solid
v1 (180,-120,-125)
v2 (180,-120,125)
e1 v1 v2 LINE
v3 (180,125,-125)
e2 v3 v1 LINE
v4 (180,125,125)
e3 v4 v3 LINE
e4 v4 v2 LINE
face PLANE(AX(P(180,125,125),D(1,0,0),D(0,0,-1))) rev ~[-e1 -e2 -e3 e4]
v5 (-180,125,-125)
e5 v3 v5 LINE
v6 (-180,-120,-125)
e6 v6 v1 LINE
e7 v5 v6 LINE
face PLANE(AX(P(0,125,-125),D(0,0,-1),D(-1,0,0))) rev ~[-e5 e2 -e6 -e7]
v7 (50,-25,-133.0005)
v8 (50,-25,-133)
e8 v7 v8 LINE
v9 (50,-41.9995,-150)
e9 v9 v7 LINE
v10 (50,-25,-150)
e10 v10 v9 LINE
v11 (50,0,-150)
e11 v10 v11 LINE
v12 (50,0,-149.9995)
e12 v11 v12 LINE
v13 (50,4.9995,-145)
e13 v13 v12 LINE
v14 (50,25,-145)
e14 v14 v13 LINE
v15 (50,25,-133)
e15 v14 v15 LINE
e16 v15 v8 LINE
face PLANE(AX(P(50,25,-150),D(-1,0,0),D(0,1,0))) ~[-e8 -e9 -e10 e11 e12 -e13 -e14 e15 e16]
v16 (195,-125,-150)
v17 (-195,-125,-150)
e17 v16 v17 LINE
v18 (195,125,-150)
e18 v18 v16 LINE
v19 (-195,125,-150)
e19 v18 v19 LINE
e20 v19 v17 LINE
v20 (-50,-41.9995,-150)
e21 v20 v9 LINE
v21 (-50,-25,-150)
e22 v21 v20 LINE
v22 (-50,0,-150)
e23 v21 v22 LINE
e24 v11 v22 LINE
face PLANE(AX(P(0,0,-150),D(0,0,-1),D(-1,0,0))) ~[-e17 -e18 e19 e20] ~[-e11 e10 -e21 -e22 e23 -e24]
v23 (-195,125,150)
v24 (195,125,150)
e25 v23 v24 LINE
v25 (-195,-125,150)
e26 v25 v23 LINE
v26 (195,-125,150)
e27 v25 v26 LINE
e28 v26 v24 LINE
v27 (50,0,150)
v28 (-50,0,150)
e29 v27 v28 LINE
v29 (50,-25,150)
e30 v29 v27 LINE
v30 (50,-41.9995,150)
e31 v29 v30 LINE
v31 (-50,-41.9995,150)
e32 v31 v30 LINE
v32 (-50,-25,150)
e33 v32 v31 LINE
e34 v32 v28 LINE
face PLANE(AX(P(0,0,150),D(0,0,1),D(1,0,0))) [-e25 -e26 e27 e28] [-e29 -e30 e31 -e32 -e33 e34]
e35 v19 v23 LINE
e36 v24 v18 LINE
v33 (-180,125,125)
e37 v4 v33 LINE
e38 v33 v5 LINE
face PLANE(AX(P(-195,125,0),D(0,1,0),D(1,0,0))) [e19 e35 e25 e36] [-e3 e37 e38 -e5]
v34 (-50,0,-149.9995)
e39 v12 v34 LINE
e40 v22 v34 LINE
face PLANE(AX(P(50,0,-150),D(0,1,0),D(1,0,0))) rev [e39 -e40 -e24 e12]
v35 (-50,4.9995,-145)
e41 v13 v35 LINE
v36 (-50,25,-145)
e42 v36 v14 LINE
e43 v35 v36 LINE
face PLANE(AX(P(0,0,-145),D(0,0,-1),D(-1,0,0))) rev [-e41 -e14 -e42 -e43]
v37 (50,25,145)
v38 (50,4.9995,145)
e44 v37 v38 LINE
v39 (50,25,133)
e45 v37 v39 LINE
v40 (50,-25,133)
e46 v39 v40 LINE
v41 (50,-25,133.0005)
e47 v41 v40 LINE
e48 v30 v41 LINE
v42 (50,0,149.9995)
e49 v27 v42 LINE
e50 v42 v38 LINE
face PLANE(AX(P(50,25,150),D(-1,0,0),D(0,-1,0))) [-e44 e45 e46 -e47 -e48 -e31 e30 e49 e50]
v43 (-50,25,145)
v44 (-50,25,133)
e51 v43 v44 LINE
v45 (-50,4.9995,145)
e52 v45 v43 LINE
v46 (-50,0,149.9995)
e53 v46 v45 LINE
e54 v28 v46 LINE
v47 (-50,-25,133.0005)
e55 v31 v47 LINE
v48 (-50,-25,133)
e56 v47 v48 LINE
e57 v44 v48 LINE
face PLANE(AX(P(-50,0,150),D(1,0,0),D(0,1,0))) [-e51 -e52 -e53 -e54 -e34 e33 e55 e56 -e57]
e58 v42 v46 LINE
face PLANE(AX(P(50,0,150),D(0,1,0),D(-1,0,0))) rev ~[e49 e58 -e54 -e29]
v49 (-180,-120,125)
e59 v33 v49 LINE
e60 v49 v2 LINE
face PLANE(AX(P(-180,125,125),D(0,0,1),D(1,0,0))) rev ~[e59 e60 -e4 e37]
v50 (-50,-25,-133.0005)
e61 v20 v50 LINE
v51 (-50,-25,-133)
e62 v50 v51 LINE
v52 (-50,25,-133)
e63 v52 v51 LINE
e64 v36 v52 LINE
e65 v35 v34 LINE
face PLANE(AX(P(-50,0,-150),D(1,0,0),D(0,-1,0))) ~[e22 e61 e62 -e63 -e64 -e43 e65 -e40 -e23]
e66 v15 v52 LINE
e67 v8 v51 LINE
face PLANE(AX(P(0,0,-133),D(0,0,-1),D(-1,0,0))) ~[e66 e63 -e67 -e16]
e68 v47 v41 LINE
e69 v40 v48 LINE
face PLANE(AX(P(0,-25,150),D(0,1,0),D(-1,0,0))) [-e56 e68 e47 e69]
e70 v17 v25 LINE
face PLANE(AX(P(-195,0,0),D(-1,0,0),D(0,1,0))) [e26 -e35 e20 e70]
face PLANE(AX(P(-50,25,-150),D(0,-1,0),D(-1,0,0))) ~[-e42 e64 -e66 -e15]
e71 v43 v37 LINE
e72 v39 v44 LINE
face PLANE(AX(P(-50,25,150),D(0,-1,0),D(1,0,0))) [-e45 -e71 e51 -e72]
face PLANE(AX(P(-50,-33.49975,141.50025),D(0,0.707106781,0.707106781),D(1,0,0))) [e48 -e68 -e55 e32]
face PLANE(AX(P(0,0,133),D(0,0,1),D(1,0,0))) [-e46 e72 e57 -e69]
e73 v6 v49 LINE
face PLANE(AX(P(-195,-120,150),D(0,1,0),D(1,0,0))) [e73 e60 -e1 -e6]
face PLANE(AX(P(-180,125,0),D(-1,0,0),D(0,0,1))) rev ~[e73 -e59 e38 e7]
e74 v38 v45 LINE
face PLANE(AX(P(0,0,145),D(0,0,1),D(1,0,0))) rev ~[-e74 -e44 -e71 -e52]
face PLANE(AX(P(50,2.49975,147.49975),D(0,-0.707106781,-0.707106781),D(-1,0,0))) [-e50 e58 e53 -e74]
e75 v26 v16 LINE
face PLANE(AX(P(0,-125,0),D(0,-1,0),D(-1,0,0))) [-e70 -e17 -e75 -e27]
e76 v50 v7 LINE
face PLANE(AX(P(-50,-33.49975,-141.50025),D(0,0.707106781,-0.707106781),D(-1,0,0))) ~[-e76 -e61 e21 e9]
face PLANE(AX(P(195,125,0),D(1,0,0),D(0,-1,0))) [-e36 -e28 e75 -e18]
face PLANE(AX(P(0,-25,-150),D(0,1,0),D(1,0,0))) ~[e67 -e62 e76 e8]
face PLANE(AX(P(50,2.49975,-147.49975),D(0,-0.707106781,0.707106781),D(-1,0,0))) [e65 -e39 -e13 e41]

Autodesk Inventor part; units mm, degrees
ref_plane "YZ Plane" through (0, 0, 0) normal (1, 0, 0) x (0, 1, 0)
ref_plane "XZ Plane" through (0, 0, 0) normal (0, 1, 0) x (-1, 0, 0)
ref_plane "XY Plane" through (0, 0, 0) normal (0, 0, 1) x (1, 0, 0)
sketch "草图1" plane through (0, 0, 0) normal (0, 0, 1) x (1, 0, 0)
  line L0 (-195, 125) -> (195, 125)
  line L1 (195, 125) -> (195, -125)
  line L2 (195, -125) -> (-195, -125)
  line L3 (-195, -125) -> (-195, 125)
  line L4 (0, -175) -> (0, 175) projected
  line L5 (-273, 0) -> (273, 0) projected
  point P0 (0, 0)
  dimension "d0" = 250
  dimension "d1" = 390
extrude "拉伸1" add sketch "草图1" along normal mid plane 300
sketch "草图2" plane through (-195, 125, 150) normal (0, 1, 0) x (1, 0, 0)
  line L0 (15, 25) -> (375, 25)
  line L1 (375, 25) -> (375, 275)
  line L2 (375, 275) -> (15, 275)
  line L3 (15, 275) -> (15, 25)
  line L4 (-78, 150) -> (468, 150) projected
  line L5 (195, 360) -> (195, -60) projected
  point P0 (195, 150)
  dimension "d4" = 360
  dimension "d5" = 250
extrude "拉伸2" cut sketch "草图2" against normal blind 245
sketch "草图3" plane through (0, 0, 150) normal (0, 0, 1) x (1, 0, 0)
  line L0 (-50, 25) -> (50, 25)
  line L1 (50, 25) -> (50, -25)
  line L2 (50, -25) -> (-50, -25)
  line L3 (-50, -25) -> (-50, 25)
  line L4 (-273, 0) -> (273, 0) projected
  line L5 (0, -175) -> (0, 175) projected
  point P0 (0, 0)
  dimension "d8" = 100
  dimension "d9" = 50
extrude "拉伸3" cut sketch "草图3" against normal blind 17
sketch "草图4" plane through (0, 0, 150) normal (0, 0, 1) x (1, 0, 0)
  line L0 (-50, -25) -> (-50, 25) projected
  line L1 (50, 25) -> (50, -25) projected
  line L2 (-50, 25) -> (50, 25)
  line L3 (50, 25) -> (50, 0)
  line L4 (50, 0) -> (-50, 0)
  line L5 (-50, 0) -> (-50, 25)
  point P0 (0, 0)
extrude "拉伸4" add sketch "草图4" against normal blind 5
mirror "镜像1" about plane through (0, 0, 0) normal (0, 0, 1) of "拉伸3", "拉伸4"
chamfer "倒角1" distance 17 angle 45 2 edges at (0, -25, 150) (0, -25, -150)
chamfer "倒角2" distance 5 angle 45 2 edges at (0, 0, 145) (0, 0, -145)
properties part number "容器"
